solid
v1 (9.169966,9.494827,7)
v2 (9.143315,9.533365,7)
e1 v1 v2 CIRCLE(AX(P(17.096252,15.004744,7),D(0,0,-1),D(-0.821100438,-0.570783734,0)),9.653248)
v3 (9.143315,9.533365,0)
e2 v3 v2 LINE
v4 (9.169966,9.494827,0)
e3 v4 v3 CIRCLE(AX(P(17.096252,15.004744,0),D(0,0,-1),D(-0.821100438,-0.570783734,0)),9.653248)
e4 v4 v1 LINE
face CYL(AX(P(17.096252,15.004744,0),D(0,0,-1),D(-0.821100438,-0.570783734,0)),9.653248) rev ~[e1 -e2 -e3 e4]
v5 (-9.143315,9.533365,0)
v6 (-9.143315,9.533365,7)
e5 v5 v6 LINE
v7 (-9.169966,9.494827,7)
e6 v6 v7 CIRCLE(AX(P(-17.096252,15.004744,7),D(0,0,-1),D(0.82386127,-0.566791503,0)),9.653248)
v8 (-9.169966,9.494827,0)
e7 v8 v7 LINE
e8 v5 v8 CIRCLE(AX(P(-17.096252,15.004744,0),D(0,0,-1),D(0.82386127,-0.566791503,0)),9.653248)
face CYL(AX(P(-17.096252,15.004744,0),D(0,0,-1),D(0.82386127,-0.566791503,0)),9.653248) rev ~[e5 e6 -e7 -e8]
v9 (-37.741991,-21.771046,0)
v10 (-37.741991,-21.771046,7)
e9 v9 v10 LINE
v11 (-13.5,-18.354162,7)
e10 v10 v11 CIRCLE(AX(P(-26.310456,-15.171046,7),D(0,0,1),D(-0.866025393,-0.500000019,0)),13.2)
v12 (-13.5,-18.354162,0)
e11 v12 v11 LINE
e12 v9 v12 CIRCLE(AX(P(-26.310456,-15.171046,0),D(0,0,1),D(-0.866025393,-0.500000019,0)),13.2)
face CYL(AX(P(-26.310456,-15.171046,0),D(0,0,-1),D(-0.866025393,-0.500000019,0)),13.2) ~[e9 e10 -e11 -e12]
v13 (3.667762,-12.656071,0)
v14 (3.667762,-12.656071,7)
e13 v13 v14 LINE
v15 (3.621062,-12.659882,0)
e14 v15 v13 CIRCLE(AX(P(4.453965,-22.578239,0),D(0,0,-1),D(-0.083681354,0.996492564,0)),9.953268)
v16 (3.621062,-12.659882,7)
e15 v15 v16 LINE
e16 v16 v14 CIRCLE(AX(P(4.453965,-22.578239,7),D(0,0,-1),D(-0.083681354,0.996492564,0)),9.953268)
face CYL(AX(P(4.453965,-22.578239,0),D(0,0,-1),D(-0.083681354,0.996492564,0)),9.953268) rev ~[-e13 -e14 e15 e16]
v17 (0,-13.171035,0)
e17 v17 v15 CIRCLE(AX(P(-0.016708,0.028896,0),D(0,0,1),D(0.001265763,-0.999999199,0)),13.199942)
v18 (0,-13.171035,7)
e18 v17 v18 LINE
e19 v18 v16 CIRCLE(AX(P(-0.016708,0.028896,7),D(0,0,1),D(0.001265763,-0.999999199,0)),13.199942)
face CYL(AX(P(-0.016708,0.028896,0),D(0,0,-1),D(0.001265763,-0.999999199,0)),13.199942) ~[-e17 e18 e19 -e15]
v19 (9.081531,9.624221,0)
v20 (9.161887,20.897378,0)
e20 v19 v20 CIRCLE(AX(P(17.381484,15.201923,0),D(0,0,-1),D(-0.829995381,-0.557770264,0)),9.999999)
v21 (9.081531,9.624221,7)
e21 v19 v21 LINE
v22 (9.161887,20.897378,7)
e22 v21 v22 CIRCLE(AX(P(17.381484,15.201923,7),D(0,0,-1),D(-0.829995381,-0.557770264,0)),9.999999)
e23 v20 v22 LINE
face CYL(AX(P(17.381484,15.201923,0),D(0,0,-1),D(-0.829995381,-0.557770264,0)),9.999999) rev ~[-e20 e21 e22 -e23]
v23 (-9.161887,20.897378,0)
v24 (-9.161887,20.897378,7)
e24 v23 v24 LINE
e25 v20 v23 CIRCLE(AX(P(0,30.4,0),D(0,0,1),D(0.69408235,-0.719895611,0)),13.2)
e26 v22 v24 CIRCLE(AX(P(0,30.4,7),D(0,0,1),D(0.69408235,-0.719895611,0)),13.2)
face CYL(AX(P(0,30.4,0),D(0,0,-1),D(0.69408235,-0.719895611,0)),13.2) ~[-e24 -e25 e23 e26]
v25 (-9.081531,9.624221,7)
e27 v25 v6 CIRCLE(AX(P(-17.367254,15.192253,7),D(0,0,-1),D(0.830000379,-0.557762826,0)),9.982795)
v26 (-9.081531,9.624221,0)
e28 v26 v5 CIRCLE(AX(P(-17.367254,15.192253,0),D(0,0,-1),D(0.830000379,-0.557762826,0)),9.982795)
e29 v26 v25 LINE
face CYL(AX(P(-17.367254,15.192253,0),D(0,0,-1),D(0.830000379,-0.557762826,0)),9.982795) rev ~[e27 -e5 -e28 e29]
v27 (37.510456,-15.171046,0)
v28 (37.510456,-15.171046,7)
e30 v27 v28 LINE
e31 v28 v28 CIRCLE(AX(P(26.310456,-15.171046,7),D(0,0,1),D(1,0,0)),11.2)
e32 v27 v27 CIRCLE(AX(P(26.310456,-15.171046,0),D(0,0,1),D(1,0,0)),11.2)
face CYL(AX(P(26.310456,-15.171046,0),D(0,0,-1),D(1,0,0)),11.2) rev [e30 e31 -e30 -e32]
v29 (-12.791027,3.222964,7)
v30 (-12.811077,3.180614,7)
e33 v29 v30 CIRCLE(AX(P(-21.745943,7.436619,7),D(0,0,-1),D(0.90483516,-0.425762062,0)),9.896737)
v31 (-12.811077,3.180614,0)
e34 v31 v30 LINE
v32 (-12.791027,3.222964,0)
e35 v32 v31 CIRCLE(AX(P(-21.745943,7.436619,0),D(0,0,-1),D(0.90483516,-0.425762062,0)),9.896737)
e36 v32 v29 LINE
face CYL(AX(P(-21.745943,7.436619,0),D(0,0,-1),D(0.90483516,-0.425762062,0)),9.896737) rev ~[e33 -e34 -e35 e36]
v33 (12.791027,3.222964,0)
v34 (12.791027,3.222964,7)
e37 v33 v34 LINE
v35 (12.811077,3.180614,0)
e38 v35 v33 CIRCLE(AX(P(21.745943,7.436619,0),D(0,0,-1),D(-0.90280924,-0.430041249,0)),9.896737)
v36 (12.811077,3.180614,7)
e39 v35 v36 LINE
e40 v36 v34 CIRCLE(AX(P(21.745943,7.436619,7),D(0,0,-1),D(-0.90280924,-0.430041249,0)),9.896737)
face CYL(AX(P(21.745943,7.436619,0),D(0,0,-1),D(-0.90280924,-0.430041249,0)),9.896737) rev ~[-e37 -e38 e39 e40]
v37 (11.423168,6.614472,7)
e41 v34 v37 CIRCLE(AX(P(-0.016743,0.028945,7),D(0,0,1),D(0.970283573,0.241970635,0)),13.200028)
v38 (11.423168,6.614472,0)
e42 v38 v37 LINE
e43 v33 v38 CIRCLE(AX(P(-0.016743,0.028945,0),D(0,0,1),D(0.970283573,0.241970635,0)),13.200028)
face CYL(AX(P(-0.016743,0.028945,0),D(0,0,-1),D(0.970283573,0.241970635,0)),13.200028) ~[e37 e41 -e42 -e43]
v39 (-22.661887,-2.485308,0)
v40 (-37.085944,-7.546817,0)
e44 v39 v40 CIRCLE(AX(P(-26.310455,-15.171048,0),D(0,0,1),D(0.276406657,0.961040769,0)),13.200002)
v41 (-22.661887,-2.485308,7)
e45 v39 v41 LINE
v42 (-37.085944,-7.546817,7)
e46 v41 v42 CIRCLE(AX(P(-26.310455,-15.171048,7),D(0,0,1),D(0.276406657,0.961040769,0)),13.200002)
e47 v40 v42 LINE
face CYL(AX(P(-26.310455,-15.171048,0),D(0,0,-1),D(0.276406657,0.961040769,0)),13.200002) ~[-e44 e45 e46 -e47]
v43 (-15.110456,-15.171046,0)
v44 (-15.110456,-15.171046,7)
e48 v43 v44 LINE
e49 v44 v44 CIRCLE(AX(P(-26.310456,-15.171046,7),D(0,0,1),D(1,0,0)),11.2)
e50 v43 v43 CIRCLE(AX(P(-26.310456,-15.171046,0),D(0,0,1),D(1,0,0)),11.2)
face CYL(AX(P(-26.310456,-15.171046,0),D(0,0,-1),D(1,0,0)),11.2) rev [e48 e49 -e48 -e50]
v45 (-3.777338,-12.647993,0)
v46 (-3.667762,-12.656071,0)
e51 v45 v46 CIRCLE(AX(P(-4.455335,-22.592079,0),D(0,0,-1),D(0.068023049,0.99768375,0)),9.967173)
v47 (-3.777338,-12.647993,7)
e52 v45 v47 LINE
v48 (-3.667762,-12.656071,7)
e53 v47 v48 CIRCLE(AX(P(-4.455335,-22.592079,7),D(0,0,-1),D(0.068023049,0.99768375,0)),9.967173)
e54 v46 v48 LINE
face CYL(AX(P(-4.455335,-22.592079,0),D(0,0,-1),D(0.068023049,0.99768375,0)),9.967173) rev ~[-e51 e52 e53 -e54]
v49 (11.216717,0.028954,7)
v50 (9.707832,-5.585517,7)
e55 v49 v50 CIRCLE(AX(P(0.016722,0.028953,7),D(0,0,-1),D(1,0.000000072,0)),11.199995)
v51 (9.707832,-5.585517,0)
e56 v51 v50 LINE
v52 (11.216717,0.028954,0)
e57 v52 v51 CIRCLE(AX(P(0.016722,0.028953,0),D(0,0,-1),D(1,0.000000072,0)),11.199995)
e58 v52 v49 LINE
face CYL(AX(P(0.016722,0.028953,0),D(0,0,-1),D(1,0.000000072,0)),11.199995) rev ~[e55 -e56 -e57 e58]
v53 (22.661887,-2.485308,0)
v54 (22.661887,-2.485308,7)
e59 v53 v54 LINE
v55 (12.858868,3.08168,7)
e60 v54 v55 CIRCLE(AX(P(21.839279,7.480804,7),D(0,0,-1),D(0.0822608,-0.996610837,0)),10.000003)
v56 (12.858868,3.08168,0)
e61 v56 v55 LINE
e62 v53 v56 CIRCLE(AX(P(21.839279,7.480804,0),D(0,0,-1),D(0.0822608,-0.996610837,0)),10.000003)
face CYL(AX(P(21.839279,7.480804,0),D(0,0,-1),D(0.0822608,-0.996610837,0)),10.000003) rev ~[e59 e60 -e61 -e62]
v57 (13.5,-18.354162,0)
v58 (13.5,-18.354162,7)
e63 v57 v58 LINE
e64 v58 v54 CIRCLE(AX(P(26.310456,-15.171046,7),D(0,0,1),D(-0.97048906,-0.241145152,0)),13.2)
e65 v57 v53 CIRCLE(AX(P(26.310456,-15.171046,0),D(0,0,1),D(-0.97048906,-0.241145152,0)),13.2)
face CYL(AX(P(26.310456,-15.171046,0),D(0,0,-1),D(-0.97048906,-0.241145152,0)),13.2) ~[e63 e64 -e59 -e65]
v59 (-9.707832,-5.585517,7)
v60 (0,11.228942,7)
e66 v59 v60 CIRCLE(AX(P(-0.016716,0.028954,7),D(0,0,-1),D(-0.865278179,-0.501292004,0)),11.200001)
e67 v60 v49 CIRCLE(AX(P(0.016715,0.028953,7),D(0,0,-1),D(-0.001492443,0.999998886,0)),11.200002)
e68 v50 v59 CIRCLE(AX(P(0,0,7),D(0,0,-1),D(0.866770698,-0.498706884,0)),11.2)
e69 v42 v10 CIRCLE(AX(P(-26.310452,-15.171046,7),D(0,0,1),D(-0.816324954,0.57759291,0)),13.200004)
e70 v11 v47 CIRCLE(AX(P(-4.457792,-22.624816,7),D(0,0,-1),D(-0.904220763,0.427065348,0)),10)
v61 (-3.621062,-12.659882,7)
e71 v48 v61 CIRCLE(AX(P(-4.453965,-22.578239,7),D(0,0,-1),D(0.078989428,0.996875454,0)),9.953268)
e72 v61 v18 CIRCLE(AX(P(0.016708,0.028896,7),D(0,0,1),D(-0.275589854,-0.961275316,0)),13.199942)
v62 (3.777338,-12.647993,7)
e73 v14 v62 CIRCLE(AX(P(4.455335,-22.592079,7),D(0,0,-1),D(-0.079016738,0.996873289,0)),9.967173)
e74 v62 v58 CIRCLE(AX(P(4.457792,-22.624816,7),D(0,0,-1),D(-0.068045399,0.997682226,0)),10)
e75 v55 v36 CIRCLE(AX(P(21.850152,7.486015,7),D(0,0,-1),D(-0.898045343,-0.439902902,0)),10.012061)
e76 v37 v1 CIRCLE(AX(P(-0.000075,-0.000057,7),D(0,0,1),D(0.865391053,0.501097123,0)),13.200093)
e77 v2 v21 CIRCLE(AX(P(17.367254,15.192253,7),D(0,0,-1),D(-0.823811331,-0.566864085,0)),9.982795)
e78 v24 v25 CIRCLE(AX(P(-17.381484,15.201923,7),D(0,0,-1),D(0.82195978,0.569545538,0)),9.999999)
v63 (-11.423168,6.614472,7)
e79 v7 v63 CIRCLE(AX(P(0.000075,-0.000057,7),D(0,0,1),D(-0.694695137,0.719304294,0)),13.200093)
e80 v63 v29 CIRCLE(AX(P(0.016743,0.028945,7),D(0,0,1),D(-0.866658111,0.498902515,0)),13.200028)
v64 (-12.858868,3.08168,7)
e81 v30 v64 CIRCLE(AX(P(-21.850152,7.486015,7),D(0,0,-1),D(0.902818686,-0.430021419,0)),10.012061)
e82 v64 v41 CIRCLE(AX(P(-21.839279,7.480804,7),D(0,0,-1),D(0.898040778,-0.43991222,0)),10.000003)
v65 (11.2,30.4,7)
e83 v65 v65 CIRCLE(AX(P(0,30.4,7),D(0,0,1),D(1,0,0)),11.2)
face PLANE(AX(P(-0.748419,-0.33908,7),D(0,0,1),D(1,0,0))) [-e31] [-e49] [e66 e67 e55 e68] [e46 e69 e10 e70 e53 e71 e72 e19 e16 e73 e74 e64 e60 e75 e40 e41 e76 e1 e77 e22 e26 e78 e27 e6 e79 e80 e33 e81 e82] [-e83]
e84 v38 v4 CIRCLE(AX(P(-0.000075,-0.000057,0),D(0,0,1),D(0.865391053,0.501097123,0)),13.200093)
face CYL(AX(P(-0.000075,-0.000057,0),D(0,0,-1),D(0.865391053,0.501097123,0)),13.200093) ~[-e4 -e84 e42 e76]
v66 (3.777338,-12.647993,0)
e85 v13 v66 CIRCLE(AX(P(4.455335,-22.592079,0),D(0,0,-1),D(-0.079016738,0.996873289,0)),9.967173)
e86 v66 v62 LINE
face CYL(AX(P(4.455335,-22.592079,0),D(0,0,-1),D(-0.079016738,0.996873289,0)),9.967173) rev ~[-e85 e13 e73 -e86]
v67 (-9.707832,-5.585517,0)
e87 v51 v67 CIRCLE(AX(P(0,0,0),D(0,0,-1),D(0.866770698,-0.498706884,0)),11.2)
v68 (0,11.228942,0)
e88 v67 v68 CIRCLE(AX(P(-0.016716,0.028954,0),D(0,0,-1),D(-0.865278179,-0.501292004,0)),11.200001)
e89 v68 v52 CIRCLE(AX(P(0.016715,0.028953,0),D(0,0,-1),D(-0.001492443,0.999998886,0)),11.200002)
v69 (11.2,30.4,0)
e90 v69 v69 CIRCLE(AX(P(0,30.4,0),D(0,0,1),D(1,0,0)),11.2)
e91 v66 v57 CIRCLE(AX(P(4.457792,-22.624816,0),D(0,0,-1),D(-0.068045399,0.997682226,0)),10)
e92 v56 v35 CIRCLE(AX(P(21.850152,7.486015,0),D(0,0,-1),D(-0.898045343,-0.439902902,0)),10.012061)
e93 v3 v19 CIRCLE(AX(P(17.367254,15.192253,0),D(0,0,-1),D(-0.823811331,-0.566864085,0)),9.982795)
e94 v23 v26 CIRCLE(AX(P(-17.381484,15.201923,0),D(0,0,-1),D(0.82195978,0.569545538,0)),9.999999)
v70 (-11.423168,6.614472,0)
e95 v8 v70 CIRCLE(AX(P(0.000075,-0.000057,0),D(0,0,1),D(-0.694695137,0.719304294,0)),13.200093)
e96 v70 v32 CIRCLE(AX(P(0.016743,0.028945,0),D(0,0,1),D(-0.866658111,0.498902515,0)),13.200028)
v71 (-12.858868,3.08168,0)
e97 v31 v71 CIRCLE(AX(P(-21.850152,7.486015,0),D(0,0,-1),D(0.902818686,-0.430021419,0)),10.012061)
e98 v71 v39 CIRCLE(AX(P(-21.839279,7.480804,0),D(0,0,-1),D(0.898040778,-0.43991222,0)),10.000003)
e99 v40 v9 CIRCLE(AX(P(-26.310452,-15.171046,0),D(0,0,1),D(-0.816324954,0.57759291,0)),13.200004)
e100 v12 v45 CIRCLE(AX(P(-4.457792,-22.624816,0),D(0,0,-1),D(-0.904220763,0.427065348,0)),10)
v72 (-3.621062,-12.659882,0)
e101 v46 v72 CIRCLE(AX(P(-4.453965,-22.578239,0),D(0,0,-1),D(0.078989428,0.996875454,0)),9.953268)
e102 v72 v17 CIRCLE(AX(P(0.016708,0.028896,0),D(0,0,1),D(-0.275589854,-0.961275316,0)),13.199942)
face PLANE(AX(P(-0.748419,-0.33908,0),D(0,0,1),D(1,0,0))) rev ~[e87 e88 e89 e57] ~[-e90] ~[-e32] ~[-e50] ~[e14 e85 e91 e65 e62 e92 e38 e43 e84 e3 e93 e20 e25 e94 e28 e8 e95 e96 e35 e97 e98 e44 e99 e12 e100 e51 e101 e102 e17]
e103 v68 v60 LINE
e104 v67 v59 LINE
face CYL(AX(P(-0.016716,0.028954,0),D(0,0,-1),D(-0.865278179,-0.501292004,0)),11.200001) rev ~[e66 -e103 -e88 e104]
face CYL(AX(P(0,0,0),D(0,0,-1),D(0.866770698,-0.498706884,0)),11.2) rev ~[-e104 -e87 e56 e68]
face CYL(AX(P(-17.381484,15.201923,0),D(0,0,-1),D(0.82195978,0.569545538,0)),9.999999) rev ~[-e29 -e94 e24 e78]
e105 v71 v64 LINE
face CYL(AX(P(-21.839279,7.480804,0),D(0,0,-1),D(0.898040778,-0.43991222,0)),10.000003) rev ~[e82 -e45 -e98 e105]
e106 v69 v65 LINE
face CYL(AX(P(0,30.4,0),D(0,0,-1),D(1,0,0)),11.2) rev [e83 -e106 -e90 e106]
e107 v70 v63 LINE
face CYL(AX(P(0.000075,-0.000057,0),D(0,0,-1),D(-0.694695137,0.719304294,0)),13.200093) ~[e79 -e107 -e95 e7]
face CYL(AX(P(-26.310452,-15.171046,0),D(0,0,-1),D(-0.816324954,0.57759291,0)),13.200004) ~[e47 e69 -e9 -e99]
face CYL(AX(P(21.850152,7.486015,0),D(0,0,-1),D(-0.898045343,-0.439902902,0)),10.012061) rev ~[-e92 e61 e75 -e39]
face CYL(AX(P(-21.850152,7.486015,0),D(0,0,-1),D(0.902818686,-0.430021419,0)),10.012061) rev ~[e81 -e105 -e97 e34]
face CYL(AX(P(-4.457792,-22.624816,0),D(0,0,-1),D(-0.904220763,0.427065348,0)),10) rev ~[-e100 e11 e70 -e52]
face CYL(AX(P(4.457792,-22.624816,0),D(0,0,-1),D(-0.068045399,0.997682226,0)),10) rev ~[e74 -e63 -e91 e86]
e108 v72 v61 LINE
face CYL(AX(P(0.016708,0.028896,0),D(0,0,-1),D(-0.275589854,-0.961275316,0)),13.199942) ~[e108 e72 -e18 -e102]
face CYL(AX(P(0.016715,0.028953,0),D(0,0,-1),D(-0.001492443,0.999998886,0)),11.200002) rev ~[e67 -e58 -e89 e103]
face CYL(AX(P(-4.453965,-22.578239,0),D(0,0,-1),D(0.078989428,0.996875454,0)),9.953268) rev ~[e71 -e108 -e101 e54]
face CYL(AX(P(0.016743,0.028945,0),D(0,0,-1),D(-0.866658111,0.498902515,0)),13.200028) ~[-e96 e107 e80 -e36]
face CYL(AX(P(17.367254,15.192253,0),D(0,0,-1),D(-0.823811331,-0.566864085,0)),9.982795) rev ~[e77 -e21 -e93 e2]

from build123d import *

# Parameters (mm, degrees)
F0_R     = 11.2
F1_DEPTH = 7


with BuildPart() as f1:
    # F0 (on Top) → F1 (new body)
    with BuildSketch(Plane.XY):
        with BuildLine():
            ThreePointArc((-9.143315, 9.533365), (-9.156617, 9.51408), (-9.169966, 9.494827))
            ThreePointArc((-9.169966, 9.494827), (-10.396797, 8.133056), (-11.423168, 6.614472))
            ThreePointArc((-11.423168, 6.614472), (-12.225115, 4.966317), (-12.791027, 3.222964))
            ThreePointArc((-12.791027, 3.222964), (-12.801027, 3.201777), (-12.811077, 3.180614))
            ThreePointArc((-12.811077, 3.180614), (-12.834837, 3.131081), (-12.858868, 3.08168))
            ThreePointArc((-12.858868, 3.08168), (-16.901134, -1.214873), (-22.661887, -2.485308))
            ThreePointArc((-22.661887, -2.485308), (-30.681149, -2.715644), (-37.085944, -7.546817))
            ThreePointArc((-37.085944, -7.546817), (-39.496438, -14.562884), (-37.741991, -21.771046))
            ThreePointArc((-37.741991, -21.771046), (-24.468139, -28.241848), (-13.5, -18.354162))
            ThreePointArc((-13.5, -18.354162), (-9.519395, -14.000421), (-3.777338, -12.647993))
            ThreePointArc((-3.777338, -12.647993), (-3.722539, -12.651881), (-3.667762, -12.656071))
            ThreePointArc((-3.667762, -12.656071), (-3.64441, -12.657949), (-3.621062, -12.659882))
            ThreePointArc((-3.621062, -12.659882), (-1.828318, -13.041465), (0, -13.171035))
            ThreePointArc((0, -13.171035), (1.828318, -13.041465), (3.621062, -12.659882))
            ThreePointArc((3.621062, -12.659882), (3.64441, -12.657949), (3.667762, -12.656071))
            ThreePointArc((3.667762, -12.656071), (3.722539, -12.651881), (3.777338, -12.647993))
            ThreePointArc((3.777338, -12.647993), (9.519395, -14.000421), (13.5, -18.354162))
            ThreePointArc((13.5, -18.354162), (37.741991, -21.771046), (22.661887, -2.485308))
            ThreePointArc((22.661887, -2.485308), (16.901134, -1.214873), (12.858868, 3.08168))
            ThreePointArc((12.858868, 3.08168), (12.834837, 3.131081), (12.811077, 3.180614))
            ThreePointArc((12.811077, 3.180614), (12.801027, 3.201777), (12.791027, 3.222964))
            ThreePointArc((12.791027, 3.222964), (12.225115, 4.966317), (11.423168, 6.614472))
            ThreePointArc((11.423168, 6.614472), (10.396797, 8.133056), (9.169966, 9.494827))
            ThreePointArc((9.169966, 9.494827), (9.156617, 9.51408), (9.143315, 9.533365))
            ThreePointArc((9.143315, 9.533365), (9.112298, 9.578708), (9.081531, 9.624221))
            ThreePointArc((9.081531, 9.624221), (7.381739, 15.273202), (9.161887, 20.897378))
            ThreePointArc((9.161887, 20.897378), (0, 43.6), (-9.161887, 20.897378))
            ThreePointArc((-9.161887, 20.897378), (-7.381739, 15.273202), (-9.081531, 9.624221))
            ThreePointArc((-9.081531, 9.624221), (-9.112298, 9.578708), (-9.143315, 9.533365))
        make_face()
        with Locations((-26.310456, -15.171046)):
            Circle(F0_R, mode=Mode.SUBTRACT)
        with Locations((26.310456, -15.171046)):
            Circle(F0_R, mode=Mode.SUBTRACT)
        with BuildLine():
            ThreePointArc((11.216717, 0.028954), (10.83292, -2.877892), (9.707832, -5.585517))
            ThreePointArc((9.707832, -5.585517), (0, -11.2), (-9.707832, -5.585517))
            ThreePointArc((-9.707832, -5.585517), (-9.716201, 5.628954), (0, 11.228942))
            ThreePointArc((0, 11.228942), (7.9304, 7.954458), (11.216717, 0.028954))
        make_face(mode=Mode.SUBTRACT)
        with Locations((0, 30.4)):
            Circle(F0_R, mode=Mode.SUBTRACT)
    extrude(amount=F1_DEPTH)


solid = f1.part
